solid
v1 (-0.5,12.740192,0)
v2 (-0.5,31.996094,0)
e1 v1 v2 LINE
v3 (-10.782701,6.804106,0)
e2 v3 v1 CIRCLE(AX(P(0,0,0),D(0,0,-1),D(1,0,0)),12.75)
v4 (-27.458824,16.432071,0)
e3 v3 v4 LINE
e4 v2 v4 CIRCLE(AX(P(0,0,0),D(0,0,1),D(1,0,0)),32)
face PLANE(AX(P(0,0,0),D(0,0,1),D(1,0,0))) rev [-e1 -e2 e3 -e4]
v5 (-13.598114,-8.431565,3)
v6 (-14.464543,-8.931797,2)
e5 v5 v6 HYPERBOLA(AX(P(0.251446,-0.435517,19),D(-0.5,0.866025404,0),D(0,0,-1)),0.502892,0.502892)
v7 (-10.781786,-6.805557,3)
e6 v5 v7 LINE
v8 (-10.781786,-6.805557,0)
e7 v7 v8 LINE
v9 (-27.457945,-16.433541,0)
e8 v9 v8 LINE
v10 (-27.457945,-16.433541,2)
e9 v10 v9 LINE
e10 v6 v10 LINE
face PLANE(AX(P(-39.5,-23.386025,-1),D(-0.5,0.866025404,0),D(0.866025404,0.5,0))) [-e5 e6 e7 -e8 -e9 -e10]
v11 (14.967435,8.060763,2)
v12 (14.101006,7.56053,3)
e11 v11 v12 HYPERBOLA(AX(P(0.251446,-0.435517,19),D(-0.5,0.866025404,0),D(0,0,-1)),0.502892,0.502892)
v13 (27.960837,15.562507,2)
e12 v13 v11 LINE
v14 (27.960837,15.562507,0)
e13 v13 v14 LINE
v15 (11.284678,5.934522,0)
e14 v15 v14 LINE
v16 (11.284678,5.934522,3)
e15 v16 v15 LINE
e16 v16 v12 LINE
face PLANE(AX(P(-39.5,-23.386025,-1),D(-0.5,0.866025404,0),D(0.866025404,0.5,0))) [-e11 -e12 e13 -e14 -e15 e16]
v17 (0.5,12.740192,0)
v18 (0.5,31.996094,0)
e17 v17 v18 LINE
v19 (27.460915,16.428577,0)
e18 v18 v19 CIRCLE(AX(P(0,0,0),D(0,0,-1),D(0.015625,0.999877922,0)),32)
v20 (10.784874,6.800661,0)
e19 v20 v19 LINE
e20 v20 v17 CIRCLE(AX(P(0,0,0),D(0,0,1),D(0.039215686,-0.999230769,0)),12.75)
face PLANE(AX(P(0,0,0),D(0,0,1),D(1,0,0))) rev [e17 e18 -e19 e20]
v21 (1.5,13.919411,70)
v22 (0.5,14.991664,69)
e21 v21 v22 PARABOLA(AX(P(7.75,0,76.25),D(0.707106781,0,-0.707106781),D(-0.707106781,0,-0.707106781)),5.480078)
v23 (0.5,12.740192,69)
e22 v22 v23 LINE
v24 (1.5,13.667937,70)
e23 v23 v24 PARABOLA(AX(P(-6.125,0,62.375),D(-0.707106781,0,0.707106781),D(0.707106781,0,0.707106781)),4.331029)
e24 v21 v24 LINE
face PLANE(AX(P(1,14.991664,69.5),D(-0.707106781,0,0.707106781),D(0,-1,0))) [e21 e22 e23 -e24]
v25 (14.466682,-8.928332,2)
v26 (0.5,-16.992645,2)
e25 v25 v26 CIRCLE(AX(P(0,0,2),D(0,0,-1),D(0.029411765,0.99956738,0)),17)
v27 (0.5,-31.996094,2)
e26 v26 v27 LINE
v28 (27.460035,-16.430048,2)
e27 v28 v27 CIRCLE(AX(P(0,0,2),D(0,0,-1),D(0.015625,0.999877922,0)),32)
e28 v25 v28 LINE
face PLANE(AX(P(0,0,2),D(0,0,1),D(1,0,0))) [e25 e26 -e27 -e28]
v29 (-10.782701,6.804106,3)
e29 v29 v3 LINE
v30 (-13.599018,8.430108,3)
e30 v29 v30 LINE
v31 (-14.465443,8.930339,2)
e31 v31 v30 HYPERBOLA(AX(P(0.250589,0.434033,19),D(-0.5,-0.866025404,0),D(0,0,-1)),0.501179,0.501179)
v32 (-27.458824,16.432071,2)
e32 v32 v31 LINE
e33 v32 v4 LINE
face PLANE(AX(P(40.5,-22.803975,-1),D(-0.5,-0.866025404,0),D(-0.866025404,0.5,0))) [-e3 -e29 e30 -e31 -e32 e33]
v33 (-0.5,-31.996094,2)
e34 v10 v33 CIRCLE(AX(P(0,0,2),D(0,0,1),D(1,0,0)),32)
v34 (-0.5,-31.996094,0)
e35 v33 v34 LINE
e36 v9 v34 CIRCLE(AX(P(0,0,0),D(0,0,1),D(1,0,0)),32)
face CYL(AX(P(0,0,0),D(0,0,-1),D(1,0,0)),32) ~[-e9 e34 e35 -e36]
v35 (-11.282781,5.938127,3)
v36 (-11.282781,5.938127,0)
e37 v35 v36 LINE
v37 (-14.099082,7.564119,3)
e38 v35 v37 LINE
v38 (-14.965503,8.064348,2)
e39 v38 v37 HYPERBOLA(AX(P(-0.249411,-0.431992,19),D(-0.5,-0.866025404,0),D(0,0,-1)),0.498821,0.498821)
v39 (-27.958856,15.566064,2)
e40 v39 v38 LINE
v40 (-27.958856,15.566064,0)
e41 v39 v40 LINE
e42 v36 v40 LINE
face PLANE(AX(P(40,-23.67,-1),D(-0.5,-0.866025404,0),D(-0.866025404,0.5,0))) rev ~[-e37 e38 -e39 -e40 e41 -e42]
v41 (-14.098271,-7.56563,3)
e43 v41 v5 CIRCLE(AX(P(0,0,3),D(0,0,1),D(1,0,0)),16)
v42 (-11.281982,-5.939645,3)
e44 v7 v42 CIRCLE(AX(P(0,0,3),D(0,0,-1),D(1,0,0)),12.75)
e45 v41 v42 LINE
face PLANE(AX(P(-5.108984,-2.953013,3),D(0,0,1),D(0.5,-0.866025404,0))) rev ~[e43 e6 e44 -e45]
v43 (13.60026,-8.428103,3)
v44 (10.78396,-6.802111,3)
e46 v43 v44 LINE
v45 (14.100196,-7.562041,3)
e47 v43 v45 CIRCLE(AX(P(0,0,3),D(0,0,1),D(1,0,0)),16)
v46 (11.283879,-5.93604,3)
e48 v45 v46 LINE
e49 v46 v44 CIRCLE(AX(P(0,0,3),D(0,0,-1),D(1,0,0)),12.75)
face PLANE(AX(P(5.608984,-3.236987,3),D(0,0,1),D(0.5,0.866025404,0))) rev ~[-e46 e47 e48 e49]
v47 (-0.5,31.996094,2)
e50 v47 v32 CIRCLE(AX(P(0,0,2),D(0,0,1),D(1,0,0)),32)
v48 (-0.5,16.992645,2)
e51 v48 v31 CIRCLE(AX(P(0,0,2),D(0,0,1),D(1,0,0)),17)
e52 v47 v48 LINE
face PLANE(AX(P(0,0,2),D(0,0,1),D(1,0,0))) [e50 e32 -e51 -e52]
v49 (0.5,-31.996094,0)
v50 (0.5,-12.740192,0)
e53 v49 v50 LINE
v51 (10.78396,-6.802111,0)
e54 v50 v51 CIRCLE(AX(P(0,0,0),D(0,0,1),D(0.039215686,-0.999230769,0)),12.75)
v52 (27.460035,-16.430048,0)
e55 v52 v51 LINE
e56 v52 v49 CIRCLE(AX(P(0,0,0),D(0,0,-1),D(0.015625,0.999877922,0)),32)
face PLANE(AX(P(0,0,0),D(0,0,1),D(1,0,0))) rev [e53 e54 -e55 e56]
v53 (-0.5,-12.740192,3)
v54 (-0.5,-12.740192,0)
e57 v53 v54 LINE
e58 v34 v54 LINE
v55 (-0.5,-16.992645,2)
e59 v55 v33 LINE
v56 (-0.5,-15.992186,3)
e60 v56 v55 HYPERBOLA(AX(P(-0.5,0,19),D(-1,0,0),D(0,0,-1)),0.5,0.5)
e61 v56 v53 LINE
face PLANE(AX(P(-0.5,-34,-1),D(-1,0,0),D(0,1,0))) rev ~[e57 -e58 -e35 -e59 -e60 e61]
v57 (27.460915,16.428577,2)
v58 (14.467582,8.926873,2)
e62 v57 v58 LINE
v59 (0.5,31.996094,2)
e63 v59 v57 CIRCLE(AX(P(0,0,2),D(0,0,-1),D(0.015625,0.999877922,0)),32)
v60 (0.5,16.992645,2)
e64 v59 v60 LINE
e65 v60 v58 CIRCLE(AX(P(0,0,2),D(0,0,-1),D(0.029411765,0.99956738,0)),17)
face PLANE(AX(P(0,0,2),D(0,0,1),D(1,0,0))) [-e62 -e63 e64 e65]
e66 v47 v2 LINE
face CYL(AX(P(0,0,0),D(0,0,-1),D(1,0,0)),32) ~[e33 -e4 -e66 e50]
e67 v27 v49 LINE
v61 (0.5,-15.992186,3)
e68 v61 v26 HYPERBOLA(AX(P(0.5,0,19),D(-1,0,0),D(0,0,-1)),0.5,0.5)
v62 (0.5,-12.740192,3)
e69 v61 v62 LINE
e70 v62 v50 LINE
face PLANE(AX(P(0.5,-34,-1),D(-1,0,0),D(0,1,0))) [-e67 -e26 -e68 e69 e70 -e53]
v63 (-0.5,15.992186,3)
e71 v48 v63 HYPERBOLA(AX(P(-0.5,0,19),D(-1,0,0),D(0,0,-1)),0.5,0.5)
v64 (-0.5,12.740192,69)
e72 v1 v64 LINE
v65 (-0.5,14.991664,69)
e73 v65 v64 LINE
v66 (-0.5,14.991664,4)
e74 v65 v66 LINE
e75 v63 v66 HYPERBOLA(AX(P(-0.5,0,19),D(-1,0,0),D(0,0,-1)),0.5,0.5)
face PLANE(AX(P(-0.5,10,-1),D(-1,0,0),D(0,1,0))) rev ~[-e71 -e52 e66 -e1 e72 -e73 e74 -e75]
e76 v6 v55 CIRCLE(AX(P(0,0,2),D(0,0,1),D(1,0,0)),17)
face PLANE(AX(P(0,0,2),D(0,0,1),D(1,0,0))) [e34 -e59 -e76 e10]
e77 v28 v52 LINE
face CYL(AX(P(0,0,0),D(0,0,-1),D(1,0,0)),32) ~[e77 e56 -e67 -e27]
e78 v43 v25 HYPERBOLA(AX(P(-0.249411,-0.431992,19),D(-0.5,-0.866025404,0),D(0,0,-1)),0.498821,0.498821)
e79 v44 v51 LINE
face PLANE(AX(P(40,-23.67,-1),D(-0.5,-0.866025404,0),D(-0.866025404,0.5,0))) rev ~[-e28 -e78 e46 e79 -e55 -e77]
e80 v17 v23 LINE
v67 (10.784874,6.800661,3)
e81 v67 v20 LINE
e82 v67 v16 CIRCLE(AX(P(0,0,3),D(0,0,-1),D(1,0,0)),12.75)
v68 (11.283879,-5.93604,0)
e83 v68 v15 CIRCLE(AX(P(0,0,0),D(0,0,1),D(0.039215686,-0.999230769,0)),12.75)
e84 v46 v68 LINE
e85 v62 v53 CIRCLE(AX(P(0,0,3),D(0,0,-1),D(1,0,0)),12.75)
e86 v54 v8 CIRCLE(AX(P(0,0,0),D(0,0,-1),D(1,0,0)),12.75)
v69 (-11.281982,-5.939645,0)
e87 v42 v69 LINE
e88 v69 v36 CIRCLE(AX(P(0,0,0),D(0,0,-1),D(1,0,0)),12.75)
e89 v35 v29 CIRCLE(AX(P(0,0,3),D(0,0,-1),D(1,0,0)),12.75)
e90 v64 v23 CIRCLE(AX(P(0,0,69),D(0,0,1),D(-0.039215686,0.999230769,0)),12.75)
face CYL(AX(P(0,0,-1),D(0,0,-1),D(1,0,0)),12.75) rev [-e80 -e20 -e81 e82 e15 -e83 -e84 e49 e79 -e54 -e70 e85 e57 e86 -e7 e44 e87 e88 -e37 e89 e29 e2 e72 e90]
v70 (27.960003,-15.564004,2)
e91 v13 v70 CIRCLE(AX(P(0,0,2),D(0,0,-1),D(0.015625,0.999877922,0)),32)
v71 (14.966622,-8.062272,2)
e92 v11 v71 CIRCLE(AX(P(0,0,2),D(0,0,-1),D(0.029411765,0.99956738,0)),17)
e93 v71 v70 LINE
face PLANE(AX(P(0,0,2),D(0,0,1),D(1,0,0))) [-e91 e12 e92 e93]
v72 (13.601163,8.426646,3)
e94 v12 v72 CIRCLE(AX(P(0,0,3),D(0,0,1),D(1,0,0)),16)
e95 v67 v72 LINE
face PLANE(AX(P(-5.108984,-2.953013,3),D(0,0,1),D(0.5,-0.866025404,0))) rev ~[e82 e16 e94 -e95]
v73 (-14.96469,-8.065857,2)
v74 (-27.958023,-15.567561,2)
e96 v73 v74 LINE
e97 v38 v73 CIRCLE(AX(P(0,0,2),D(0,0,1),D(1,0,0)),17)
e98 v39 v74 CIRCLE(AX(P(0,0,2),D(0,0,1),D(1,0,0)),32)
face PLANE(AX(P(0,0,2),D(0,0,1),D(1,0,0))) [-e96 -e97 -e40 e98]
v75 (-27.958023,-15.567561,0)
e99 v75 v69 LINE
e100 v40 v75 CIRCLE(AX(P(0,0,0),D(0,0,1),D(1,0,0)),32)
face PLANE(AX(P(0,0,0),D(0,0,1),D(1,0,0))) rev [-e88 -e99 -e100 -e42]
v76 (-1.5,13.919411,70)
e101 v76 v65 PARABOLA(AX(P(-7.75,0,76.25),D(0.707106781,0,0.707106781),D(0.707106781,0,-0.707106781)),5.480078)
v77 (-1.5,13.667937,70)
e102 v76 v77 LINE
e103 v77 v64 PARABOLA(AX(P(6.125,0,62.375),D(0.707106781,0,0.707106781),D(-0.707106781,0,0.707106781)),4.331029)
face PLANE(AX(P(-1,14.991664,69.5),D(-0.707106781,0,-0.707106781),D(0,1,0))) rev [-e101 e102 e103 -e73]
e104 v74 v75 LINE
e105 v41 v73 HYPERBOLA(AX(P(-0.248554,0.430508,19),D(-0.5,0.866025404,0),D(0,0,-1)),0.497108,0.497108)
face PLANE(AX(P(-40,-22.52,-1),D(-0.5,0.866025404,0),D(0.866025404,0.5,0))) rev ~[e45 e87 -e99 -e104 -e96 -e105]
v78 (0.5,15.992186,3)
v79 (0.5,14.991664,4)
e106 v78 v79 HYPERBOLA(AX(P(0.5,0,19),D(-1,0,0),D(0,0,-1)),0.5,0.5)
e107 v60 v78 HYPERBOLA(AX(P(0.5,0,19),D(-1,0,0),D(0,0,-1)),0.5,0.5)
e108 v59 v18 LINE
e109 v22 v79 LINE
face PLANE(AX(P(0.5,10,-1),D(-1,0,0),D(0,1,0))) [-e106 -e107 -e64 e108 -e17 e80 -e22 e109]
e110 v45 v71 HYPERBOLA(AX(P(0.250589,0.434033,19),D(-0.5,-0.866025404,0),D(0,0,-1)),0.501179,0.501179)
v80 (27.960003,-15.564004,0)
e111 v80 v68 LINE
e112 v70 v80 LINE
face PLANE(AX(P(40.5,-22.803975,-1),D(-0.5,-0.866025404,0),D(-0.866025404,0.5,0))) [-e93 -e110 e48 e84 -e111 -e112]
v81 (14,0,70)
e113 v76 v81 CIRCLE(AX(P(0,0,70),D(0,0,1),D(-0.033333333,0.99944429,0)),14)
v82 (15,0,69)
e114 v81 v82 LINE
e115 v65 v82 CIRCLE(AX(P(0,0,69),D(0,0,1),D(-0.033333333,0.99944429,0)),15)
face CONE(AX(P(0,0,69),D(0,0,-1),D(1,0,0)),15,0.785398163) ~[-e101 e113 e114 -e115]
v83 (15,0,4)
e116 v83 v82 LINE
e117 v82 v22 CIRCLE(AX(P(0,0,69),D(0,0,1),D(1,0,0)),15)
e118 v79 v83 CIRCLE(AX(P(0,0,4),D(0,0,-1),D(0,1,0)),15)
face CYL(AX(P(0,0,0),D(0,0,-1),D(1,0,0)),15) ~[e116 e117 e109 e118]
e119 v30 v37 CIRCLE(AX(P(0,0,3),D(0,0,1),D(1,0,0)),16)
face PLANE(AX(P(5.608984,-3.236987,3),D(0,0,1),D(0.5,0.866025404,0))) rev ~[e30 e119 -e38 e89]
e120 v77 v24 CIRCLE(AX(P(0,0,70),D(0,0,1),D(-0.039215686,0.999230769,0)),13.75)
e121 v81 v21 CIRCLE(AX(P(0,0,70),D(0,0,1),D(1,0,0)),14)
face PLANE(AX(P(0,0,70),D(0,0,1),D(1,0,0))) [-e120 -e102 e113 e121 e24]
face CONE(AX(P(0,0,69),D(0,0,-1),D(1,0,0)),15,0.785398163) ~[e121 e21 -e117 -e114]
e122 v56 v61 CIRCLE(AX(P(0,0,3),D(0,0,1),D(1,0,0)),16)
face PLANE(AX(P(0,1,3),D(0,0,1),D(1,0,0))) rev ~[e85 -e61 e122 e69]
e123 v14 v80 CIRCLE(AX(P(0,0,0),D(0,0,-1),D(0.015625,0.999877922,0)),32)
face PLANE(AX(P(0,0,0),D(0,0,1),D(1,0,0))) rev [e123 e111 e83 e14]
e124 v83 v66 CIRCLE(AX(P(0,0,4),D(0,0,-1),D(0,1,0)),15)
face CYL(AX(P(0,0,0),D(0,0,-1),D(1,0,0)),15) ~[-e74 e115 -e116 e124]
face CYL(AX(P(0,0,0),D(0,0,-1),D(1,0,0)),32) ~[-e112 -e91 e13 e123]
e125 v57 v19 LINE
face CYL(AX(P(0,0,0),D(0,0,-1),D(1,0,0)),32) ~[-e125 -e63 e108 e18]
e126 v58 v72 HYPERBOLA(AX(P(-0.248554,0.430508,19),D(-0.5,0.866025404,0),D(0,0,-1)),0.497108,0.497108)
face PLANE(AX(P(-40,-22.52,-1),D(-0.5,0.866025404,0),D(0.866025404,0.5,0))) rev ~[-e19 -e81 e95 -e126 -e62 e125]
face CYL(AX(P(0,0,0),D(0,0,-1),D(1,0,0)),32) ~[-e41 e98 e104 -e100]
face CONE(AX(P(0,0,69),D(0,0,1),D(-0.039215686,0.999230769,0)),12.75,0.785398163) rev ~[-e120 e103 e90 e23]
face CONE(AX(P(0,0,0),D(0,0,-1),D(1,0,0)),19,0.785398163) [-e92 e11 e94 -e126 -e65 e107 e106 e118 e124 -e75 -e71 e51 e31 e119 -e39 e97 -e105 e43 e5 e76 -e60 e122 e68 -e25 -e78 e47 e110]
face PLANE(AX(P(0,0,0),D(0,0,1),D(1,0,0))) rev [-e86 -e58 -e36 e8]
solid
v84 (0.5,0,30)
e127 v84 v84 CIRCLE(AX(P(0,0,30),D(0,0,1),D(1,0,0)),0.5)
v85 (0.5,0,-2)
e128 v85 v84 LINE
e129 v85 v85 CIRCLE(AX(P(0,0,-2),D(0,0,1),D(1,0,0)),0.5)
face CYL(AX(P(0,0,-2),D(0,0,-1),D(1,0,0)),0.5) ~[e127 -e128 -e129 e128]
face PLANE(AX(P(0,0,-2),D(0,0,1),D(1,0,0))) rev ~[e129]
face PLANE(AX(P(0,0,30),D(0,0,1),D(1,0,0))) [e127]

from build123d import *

# Parameters (mm, degrees)
CYLINDER003_R          = 0.5
CYLINDER003_DEPTH      = 32
BOX001_W               = 1
BOX001_H               = 80
BOX001_DEPTH           = 4
BOX001_PLACEMENT_ANGLE = 60
BOX004_W               = 1
BOX004_H               = 80
BOX004_DEPTH           = 4
BOX004_PLACEMENT_ANGLE = -60
BOX003_W               = 1
BOX003_H               = 70
BOX003_DEPTH           = 4
BOX_W                  = 1
BOX_H                  = 24
BOX_DEPTH              = 80
CYLINDER_R             = 12.75
CYLINDER_DEPTH         = 80
CYLINDER002_R          = 32
CYLINDER002_DEPTH      = 2
CYLINDER001_R          = 15
CYLINDER001_DEPTH      = 70
CHAMFER_SIZE           = 1


with BuildPart() as center_pin:
    # Cylinder003 → Cylinder003 (new body)
    with BuildSketch(Plane.XY.offset(-2)):
        Circle(CYLINDER003_R)
    extrude(amount=CYLINDER003_DEPTH)


with BuildPart() as box001:
    # Box001 → Box001 (new body)
    with BuildSketch(Plane.XY):
        with Locations((0.5, 40)):
            Rectangle(BOX001_W, BOX001_H)
    extrude(amount=BOX001_DEPTH)


with BuildPart() as box001_1:
    # Box001 placement: moved
    add(box001.part.moved(Location((40, -23.67, -1))).rotate(Axis((40, -23.67, -1), (0, 0, 1)), BOX001_PLACEMENT_ANGLE))


with BuildPart() as box004:
    # Box004 → Box004 (new body)
    with BuildSketch(Plane.XY):
        with Locations((0.5, 40)):
            Rectangle(BOX004_W, BOX004_H)
    extrude(amount=BOX004_DEPTH)


with BuildPart() as box004_1:
    # Box004 placement: moved
    add(box004.part.moved(Location((-40, -22.52, -1))).rotate(Axis((-40, -22.52, -1), (0, 0, 1)), BOX004_PLACEMENT_ANGLE))


with BuildPart() as box003:
    # Box003 → Box003 (new body)
    with BuildSketch(Plane(origin=(-0.5, -34, -1), x_dir=(1, 0, 0), z_dir=(0, 0, 1))):
        with Locations((0.5, 35)):
            Rectangle(BOX003_W, BOX003_H)
    extrude(amount=BOX003_DEPTH)


with BuildPart() as long_cut:
    # Box → Box (new body)
    with BuildSketch(Plane(origin=(-0.5, 10, -1), x_dir=(1, 0, 0), z_dir=(0, 0, 1))):
        with Locations((0.5, 12)):
            Rectangle(BOX_W, BOX_H)
    extrude(amount=BOX_DEPTH)


with BuildPart() as cylinder:
    # Cylinder → Cylinder (new body)
    with BuildSketch(Plane.XY.offset(-1)):
        Circle(CYLINDER_R)
    extrude(amount=CYLINDER_DEPTH)


with BuildPart() as ring:
    # Cylinder002 → Cylinder002 (new body)
    with BuildSketch(Plane.XY):
        Circle(CYLINDER002_R)
    extrude(amount=CYLINDER002_DEPTH)


with BuildPart() as cone:
    # Cone → Cone (revolve)
    with BuildSketch(Plane.XZ):
        Polygon((0, 0), (19, 0), (14, 5), (0, 5), align=None)
    revolve(axis=Axis((0, 0, 0), (0, 0, 1)))


with BuildPart() as chamfer_body:
    # Cylinder001 → Cylinder001 (new body)
    with BuildSketch(Plane.XY):
        Circle(CYLINDER001_R)
    extrude(amount=CYLINDER001_DEPTH)

    # Fusion: union ring, Cone
    add(ring.part)
    add(cone.part)

    # Cut: cut Cylinder
    add(cylinder.part, mode=Mode.SUBTRACT)

    # Cut001: cut long cut
    add(long_cut.part, mode=Mode.SUBTRACT)

    # Cut002: cut Box003
    add(box003.part, mode=Mode.SUBTRACT)

    # Cut003: cut Box004
    add(box004_1.part, mode=Mode.SUBTRACT)

    # Cut004: cut Box001
    add(box001_1.part, mode=Mode.SUBTRACT)

    # Chamfer
    chamfer_edges = [chamfer_body.edges().sort_by_distance(p)[0] for p in [
        (-10.428327, -10.781929, 70),
        (-0.5, 13.865928, 70),
        (-8.837067, -9.190688, 70),
        (9.190688, 8.837067, 70),
        (0.5, 13.865928, 70),
        (10.781929, 10.428327, 70),
    ]]
    chamfer(chamfer_edges, length=CHAMFER_SIZE)


solid = Compound([center_pin.part, chamfer_body.part])
